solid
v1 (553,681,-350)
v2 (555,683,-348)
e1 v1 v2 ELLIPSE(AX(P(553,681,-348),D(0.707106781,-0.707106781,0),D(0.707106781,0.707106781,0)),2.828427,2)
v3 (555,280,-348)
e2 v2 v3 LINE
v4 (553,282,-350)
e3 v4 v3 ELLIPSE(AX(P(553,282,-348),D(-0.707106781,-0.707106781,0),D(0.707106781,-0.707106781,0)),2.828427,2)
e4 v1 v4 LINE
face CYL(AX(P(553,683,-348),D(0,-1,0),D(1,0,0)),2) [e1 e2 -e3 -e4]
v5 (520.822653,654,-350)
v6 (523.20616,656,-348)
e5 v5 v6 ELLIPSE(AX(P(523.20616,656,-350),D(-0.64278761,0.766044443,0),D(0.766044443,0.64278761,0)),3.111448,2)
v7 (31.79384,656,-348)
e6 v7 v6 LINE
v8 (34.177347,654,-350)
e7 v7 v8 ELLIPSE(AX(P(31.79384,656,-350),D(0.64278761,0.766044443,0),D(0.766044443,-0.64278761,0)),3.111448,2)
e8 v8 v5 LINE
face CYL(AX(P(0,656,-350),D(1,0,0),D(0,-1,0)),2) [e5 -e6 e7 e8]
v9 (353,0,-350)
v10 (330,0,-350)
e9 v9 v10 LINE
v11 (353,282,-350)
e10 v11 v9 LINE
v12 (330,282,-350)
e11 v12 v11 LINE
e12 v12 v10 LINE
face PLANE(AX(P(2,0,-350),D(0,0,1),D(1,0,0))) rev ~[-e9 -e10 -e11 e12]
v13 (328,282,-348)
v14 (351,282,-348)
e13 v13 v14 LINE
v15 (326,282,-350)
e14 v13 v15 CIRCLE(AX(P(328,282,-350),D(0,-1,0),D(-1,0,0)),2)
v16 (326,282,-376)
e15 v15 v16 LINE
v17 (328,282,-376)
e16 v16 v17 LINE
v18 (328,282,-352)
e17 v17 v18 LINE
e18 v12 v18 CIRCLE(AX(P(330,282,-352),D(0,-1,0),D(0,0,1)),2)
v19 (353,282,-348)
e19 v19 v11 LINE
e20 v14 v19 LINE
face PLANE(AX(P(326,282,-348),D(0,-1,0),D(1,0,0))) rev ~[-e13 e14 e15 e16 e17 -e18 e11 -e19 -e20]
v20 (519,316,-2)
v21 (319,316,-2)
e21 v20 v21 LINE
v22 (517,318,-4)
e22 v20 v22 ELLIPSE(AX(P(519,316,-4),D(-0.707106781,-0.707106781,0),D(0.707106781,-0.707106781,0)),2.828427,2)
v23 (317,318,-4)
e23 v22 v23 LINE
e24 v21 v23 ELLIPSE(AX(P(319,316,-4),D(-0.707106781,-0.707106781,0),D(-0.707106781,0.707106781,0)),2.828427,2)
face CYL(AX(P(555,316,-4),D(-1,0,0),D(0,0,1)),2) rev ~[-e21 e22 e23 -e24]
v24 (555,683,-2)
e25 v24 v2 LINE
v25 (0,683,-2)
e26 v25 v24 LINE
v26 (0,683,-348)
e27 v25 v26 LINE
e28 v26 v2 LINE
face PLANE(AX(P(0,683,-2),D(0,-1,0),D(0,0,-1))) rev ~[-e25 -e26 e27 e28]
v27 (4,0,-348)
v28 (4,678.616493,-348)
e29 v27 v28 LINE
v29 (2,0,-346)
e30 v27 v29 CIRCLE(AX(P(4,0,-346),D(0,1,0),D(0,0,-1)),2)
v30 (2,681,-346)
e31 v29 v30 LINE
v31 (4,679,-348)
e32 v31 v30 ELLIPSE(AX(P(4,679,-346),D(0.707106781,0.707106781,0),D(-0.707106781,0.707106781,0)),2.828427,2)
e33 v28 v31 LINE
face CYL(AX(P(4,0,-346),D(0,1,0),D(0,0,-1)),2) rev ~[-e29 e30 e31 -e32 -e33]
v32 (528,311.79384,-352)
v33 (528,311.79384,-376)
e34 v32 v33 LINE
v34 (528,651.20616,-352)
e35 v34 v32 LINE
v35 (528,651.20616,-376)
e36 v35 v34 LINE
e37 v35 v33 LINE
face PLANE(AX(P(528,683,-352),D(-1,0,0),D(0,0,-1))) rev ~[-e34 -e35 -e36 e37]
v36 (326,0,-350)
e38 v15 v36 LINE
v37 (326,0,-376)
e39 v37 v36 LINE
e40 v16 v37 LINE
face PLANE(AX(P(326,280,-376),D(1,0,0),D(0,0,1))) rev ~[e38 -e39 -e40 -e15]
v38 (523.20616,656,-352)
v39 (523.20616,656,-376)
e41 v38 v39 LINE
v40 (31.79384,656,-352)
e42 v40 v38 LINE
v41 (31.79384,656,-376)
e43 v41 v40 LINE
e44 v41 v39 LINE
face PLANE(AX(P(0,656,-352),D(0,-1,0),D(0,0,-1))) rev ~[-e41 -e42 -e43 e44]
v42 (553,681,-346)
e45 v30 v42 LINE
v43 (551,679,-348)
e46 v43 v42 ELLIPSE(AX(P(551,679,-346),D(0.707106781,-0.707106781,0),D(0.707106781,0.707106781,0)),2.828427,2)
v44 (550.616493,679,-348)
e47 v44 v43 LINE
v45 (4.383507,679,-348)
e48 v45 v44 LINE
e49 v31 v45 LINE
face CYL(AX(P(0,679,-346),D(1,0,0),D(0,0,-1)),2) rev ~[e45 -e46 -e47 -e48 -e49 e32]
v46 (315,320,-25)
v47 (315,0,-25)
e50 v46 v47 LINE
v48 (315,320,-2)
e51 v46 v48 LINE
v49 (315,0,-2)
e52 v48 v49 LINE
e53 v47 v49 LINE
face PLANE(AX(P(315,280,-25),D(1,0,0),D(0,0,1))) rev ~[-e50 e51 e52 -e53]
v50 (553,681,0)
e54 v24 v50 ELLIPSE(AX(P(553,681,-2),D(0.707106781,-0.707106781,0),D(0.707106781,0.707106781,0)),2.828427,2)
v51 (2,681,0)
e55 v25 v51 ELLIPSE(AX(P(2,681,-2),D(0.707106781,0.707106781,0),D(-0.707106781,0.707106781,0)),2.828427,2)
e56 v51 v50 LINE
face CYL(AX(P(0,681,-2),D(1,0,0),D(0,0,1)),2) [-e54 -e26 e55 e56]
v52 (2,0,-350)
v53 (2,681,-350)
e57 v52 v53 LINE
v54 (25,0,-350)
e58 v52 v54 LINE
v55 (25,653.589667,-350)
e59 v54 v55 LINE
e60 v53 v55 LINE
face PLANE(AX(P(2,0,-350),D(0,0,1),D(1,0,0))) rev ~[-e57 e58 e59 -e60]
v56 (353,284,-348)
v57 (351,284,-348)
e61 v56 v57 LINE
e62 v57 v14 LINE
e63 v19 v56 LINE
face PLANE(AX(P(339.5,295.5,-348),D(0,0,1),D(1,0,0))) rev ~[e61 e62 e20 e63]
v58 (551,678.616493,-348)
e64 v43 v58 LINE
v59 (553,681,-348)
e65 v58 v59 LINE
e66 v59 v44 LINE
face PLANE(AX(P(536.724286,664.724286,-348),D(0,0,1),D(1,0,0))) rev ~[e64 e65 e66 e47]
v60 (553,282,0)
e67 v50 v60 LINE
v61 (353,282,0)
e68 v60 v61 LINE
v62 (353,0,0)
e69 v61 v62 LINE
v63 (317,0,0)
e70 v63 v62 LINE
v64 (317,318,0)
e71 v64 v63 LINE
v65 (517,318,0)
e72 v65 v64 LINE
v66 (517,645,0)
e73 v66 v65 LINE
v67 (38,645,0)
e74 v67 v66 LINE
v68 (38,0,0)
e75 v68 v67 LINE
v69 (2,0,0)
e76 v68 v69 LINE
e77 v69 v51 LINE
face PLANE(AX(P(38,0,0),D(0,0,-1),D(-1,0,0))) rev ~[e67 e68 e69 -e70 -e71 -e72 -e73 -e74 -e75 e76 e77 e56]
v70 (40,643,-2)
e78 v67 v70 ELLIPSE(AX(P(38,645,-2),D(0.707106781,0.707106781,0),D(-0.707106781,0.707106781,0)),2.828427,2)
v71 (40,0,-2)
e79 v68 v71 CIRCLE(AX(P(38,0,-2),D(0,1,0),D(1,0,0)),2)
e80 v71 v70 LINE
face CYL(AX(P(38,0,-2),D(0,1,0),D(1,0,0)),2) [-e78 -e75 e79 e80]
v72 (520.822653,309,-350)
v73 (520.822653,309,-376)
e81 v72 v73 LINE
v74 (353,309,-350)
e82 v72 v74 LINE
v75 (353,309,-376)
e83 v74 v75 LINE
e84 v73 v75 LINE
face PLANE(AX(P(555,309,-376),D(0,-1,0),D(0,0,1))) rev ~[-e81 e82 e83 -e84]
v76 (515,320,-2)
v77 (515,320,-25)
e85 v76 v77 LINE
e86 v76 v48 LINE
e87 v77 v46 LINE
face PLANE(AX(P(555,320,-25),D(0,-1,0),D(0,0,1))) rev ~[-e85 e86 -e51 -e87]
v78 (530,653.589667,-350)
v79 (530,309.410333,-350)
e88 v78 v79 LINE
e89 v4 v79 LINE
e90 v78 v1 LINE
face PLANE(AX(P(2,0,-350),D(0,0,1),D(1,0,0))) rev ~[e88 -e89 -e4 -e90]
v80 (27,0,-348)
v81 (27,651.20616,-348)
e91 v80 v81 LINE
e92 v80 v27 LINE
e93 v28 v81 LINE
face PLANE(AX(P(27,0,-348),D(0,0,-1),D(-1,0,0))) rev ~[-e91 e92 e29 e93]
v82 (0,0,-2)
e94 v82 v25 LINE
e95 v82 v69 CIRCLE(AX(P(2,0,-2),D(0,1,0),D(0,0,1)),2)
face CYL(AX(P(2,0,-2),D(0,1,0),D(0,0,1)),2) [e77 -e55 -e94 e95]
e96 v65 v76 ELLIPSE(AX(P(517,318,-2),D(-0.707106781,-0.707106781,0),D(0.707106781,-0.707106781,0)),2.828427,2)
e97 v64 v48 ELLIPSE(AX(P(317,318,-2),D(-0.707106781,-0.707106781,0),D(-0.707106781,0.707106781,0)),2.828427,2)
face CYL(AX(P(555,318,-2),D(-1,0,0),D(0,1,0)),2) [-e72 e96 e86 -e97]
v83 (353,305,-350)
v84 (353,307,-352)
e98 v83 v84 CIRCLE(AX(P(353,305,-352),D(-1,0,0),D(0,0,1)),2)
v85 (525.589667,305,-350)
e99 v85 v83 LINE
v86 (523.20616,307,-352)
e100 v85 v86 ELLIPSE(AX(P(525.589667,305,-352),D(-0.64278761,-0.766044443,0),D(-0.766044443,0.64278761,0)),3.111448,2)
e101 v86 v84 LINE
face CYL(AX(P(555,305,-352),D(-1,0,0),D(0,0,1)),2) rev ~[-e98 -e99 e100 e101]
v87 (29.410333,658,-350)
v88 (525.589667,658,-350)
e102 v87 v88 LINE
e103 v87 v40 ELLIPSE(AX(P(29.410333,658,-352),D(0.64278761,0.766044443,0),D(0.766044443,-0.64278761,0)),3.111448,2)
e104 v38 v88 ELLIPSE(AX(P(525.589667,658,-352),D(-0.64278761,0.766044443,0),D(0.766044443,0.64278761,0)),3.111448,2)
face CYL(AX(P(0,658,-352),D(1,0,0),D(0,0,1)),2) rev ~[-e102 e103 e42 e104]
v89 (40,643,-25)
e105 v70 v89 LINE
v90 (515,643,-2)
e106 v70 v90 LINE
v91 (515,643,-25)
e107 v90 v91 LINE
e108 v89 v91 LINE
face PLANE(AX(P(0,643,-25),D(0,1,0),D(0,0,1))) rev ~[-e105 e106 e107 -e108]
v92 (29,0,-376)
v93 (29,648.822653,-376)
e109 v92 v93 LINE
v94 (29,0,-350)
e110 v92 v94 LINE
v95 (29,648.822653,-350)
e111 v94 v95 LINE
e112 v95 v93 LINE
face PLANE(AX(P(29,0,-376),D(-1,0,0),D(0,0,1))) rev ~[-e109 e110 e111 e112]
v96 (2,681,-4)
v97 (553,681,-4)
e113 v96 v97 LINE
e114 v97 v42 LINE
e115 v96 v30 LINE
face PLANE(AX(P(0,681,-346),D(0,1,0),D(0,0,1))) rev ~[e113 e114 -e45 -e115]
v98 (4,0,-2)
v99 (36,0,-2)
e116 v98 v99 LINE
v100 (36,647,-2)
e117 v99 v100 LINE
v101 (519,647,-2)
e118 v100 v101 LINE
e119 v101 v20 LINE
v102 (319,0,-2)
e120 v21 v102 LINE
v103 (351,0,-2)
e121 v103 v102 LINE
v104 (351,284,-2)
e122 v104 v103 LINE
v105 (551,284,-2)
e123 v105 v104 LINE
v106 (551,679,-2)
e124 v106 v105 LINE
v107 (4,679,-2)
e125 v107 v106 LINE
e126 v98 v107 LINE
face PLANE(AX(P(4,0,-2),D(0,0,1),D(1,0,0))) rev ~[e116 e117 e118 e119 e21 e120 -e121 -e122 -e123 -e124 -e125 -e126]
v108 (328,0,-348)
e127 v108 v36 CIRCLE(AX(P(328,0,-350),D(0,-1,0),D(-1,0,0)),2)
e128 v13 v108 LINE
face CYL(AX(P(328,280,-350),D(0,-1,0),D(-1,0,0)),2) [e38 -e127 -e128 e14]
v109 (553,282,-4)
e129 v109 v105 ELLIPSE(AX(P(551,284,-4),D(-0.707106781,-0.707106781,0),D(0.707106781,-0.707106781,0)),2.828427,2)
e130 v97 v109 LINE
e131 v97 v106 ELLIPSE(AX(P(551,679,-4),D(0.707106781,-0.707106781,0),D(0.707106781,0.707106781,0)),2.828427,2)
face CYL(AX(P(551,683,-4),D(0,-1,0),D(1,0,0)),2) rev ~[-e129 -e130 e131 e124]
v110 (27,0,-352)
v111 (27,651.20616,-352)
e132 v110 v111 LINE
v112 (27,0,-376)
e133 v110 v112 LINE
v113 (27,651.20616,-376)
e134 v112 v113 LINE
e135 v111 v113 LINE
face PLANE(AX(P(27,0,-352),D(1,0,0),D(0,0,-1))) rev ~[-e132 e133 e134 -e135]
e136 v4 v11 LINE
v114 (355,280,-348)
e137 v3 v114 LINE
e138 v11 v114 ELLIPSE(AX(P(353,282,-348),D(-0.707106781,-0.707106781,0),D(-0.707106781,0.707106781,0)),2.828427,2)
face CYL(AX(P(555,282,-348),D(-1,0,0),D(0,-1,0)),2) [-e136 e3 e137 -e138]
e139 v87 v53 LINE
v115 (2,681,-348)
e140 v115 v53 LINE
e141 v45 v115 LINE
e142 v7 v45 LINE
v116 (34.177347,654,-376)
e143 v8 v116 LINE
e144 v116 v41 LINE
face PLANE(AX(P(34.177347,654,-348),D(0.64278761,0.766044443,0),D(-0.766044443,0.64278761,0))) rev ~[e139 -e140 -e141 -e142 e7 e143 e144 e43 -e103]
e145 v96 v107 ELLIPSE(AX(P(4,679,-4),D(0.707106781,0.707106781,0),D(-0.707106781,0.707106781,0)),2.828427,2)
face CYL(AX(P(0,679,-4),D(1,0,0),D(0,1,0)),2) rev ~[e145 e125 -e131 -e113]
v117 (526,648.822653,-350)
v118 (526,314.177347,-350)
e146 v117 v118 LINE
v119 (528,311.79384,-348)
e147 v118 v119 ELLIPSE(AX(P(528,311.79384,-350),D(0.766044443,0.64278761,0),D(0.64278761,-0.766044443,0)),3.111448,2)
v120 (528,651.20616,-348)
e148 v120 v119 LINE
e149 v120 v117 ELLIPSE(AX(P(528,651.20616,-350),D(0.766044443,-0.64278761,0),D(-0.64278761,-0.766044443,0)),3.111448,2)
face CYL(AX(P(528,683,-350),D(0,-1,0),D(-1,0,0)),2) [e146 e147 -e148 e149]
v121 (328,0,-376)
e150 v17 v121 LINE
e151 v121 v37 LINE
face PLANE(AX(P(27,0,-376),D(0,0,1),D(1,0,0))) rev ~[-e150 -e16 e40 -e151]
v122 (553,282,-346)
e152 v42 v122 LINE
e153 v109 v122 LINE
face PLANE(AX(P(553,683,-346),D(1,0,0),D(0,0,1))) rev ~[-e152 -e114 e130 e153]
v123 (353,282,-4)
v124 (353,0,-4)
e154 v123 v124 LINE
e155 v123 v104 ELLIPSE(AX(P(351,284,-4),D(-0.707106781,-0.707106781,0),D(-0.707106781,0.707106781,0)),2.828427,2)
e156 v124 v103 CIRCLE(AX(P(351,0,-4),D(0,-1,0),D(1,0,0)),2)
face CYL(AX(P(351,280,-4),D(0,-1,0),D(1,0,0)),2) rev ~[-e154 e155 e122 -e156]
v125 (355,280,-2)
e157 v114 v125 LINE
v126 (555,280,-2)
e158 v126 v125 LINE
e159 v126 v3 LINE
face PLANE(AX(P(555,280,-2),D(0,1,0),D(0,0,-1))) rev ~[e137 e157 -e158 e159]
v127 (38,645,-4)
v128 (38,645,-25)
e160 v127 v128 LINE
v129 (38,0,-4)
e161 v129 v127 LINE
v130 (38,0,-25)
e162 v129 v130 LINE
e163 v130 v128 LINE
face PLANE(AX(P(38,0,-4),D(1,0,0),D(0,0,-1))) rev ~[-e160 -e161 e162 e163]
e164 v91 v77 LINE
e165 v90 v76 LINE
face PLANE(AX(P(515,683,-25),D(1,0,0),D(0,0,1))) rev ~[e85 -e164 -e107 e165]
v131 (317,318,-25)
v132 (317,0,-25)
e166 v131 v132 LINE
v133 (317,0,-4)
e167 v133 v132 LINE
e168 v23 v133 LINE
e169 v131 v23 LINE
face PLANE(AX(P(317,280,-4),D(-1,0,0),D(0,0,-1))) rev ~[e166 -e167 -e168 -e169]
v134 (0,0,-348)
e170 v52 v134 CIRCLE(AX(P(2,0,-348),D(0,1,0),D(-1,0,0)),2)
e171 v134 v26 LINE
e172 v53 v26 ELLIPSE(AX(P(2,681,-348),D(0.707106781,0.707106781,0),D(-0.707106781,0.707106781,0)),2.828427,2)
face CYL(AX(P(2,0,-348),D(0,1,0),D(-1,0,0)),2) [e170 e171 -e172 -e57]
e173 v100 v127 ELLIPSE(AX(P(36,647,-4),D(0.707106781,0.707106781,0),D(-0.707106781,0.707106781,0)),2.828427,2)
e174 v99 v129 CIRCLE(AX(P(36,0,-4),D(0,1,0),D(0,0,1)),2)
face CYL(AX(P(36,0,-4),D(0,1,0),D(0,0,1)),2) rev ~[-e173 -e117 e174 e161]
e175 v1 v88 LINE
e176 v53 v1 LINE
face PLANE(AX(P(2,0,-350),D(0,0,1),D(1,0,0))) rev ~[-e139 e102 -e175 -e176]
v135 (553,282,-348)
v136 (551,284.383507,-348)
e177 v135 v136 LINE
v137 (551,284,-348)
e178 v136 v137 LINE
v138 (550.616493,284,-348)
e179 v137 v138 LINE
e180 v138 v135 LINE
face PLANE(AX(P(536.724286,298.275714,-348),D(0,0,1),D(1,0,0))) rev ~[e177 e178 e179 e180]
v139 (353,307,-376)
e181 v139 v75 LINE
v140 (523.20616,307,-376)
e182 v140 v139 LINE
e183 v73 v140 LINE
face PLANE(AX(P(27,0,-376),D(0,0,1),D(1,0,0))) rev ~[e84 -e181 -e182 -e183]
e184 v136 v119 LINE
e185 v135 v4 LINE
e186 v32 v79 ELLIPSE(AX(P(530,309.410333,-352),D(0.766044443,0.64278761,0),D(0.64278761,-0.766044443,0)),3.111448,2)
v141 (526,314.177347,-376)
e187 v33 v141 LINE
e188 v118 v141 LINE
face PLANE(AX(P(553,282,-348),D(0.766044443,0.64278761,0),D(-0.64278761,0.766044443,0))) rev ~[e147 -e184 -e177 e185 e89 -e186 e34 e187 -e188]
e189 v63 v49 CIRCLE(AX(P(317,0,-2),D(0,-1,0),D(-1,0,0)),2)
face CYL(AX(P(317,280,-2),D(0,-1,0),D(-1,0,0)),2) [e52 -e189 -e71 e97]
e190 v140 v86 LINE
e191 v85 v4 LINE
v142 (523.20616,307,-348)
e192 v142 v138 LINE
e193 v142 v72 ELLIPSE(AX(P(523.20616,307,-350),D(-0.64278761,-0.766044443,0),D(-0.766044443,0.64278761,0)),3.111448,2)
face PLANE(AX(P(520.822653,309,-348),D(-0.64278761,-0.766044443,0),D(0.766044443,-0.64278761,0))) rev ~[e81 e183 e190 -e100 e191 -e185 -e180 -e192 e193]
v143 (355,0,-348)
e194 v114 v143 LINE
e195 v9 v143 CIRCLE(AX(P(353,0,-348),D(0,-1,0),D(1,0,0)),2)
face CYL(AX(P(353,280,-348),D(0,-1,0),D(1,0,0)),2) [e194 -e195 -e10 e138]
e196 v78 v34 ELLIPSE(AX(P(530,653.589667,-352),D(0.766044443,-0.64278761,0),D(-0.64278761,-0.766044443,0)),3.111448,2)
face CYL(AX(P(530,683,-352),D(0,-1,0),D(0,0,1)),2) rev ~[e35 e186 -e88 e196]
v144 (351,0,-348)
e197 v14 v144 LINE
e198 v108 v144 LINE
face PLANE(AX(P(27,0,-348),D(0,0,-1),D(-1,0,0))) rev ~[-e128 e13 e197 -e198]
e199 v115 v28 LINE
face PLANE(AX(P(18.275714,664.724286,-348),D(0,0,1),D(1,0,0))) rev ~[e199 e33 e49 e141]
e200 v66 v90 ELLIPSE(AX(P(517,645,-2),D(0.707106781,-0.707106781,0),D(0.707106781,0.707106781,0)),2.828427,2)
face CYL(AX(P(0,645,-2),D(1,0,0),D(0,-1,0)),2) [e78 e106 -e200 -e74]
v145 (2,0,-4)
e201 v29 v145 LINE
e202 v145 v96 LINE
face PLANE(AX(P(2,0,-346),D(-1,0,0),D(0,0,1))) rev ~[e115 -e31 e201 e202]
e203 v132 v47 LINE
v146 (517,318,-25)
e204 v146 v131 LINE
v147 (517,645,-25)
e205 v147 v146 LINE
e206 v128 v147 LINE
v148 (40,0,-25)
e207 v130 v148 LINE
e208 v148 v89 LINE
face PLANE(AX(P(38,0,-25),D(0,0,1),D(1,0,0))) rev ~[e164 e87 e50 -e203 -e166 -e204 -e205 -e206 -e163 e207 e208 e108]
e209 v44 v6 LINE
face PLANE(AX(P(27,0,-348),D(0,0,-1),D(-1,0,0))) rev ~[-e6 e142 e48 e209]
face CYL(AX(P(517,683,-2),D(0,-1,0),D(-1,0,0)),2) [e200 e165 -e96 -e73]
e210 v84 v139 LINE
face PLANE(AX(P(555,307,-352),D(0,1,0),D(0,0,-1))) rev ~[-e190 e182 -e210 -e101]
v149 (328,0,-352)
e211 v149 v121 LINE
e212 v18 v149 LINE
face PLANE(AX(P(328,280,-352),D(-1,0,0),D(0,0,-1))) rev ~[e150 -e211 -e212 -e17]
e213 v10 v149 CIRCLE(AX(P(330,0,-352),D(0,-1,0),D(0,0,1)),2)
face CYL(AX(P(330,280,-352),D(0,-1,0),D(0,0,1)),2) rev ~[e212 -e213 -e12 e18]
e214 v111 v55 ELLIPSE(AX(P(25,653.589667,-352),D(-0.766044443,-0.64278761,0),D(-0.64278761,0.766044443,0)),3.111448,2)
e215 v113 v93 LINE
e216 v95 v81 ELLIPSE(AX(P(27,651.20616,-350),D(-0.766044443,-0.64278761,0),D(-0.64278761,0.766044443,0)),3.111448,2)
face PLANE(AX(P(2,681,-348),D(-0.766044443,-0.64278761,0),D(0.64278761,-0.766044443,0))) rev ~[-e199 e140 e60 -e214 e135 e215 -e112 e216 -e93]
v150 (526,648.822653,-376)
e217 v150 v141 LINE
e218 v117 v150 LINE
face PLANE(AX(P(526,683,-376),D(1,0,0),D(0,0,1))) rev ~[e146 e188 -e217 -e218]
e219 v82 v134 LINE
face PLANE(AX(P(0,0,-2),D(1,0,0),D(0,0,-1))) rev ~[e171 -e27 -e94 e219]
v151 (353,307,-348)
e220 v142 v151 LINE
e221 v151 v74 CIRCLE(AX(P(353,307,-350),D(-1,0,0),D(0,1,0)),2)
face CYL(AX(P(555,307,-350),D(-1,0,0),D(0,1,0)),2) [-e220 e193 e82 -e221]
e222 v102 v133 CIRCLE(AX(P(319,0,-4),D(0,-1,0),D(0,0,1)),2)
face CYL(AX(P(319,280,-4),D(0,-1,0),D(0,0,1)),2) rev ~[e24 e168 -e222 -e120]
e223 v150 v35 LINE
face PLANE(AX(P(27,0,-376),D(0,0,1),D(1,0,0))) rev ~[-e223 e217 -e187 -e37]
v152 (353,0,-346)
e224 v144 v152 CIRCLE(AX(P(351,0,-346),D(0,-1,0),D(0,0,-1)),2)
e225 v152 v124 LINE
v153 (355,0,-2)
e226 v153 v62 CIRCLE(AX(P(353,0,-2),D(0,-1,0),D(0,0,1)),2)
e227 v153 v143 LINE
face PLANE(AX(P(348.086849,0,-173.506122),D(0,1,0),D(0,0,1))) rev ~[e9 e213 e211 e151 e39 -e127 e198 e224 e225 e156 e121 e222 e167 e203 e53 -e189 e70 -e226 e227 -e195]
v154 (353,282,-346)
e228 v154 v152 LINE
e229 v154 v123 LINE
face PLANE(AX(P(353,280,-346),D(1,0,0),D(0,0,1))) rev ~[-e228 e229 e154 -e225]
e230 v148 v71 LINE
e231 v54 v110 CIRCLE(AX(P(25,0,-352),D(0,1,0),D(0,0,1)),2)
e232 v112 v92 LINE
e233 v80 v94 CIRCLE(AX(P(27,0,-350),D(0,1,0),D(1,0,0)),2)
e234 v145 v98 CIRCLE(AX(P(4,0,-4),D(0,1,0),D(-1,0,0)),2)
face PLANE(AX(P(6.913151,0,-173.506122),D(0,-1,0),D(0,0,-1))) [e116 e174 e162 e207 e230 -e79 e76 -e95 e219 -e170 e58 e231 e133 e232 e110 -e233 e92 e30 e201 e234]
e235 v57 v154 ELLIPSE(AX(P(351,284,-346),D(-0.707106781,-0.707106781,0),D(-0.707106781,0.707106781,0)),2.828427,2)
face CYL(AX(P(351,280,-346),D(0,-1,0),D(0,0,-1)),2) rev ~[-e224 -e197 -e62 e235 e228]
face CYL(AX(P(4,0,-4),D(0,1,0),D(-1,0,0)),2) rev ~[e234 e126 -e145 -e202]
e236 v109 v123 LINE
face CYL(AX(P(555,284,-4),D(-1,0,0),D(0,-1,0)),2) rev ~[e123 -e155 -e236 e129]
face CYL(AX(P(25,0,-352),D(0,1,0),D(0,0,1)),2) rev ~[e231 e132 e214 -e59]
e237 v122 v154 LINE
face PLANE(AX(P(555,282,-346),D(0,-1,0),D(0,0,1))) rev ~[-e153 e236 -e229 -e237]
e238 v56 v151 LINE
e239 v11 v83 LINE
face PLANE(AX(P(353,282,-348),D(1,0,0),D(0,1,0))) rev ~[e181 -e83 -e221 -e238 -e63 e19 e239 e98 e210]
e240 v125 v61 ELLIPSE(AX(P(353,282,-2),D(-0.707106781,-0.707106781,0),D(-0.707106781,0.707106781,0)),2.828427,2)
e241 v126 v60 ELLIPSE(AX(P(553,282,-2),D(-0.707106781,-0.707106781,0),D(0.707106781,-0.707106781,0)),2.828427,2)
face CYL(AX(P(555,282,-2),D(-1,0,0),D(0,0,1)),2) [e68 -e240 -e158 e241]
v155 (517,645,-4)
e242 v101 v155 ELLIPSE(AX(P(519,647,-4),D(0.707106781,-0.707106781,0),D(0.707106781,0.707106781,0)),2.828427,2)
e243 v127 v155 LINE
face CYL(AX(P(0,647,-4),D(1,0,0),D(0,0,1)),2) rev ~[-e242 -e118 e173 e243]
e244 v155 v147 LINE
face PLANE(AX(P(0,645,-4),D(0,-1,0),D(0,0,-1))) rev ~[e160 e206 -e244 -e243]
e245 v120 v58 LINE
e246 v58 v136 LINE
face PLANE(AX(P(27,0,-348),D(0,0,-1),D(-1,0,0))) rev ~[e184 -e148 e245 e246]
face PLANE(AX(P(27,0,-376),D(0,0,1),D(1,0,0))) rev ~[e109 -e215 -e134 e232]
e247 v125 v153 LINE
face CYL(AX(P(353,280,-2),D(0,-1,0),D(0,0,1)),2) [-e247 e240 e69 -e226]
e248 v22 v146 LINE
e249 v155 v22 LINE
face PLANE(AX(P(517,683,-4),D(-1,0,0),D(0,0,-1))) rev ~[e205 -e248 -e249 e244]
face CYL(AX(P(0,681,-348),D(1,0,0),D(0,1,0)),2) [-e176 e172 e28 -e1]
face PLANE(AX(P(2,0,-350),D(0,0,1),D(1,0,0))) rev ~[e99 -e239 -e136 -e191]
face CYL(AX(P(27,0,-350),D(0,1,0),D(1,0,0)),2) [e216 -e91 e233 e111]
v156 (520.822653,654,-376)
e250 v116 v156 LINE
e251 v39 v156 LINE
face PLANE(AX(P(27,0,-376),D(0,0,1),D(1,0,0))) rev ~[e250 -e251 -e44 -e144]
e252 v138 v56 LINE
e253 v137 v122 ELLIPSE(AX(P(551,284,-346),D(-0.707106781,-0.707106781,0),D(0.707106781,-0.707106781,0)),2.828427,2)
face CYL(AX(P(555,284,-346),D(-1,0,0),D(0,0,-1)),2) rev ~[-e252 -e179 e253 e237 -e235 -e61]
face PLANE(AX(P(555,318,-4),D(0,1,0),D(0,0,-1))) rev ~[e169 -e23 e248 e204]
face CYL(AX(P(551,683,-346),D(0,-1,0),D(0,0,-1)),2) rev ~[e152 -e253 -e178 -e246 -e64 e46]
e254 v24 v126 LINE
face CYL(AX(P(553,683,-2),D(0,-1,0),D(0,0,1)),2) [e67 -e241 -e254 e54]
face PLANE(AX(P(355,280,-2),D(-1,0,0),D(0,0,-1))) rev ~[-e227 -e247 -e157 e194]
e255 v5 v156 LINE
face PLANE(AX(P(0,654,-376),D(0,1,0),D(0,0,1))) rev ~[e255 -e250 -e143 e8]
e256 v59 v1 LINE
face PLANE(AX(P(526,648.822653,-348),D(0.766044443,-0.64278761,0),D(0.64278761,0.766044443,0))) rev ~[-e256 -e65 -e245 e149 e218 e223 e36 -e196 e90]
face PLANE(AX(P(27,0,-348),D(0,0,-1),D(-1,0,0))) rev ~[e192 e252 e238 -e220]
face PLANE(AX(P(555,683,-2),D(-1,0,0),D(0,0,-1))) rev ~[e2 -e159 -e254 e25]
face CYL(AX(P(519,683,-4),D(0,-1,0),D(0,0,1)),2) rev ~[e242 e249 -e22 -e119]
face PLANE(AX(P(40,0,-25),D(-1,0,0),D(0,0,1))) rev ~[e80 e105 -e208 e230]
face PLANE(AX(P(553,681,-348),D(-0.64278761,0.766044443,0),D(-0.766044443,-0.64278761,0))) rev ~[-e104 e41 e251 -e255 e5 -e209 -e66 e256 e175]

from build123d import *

# Parameters (mm, degrees)
F3_W     = 27
F3_H     = 27
F4_DEPTH = 40


with BuildPart() as f2:
    # F2: sweep along a path in F1
    with BuildLine(Plane.XY) as f2_path:
        Line((0, 0), (0, 683))
        Line((0, 683), (555, 683))
        Line((555, 683), (555, 280))
        Line((555, 280), (355, 280))
        Line((355, 280), (355, 0))
    # F0 (on Front) → F2 (sweep)
    with BuildSketch(Plane.XZ):
        with BuildLine():
            Line((38, 0), (2, 0))
            ThreePointArc((2, 0), (0.5857864376, -0.5857864376), (0, -2))
            Line((0, -2), (0, -348))
            ThreePointArc((0, -348), (0.5857864376, -349.4142135624), (2, -350))
            Line((2, -350), (25, -350))
            ThreePointArc((25, -350), (26.4142135624, -350.5857864376), (27, -352))
            Line((27, -352), (27, -376))
            Line((27, -376), (29, -376))
            Line((29, -376), (29, -350))
            ThreePointArc((29, -350), (28.4142135624, -348.5857864376), (27, -348))
            Line((27, -348), (4, -348))
            ThreePointArc((4, -348), (2.5857864376, -347.4142135624), (2, -346))
            Line((2, -346), (2, -4))
            ThreePointArc((2, -4), (2.5857864376, -2.5857864376), (4, -2))
            Line((4, -2), (36, -2))
            ThreePointArc((36, -2), (37.4142135624, -2.5857864376), (38, -4))
            Line((38, -4), (38, -25))
            Line((38, -25), (40, -25))
            Line((40, -25), (40, -2))
            ThreePointArc((40, -2), (39.4142135624, -0.5857864376), (38, 0))
        make_face()
    sweep(path=f2_path.line, transition=Transition.RIGHT)

    # F3 (on face) → F4 (cut)
    with BuildSketch(Plane.XY.offset(-348)):
        Polygon((2, 681), (29, 648.822653), (29, 654), (34.177347, 654), align=None)
        Polygon((526, 648.822653), (553, 681), (520.822653, 654), (526, 654), align=None)
        Polygon((520.822653, 309), (553, 282), (526, 314.177347), (526, 309), align=None)
        with Locations((339.5, 295.5)):
            Rectangle(F3_W, F3_H)
    extrude(amount=-F4_DEPTH, mode=Mode.SUBTRACT)


solid = f2.part
